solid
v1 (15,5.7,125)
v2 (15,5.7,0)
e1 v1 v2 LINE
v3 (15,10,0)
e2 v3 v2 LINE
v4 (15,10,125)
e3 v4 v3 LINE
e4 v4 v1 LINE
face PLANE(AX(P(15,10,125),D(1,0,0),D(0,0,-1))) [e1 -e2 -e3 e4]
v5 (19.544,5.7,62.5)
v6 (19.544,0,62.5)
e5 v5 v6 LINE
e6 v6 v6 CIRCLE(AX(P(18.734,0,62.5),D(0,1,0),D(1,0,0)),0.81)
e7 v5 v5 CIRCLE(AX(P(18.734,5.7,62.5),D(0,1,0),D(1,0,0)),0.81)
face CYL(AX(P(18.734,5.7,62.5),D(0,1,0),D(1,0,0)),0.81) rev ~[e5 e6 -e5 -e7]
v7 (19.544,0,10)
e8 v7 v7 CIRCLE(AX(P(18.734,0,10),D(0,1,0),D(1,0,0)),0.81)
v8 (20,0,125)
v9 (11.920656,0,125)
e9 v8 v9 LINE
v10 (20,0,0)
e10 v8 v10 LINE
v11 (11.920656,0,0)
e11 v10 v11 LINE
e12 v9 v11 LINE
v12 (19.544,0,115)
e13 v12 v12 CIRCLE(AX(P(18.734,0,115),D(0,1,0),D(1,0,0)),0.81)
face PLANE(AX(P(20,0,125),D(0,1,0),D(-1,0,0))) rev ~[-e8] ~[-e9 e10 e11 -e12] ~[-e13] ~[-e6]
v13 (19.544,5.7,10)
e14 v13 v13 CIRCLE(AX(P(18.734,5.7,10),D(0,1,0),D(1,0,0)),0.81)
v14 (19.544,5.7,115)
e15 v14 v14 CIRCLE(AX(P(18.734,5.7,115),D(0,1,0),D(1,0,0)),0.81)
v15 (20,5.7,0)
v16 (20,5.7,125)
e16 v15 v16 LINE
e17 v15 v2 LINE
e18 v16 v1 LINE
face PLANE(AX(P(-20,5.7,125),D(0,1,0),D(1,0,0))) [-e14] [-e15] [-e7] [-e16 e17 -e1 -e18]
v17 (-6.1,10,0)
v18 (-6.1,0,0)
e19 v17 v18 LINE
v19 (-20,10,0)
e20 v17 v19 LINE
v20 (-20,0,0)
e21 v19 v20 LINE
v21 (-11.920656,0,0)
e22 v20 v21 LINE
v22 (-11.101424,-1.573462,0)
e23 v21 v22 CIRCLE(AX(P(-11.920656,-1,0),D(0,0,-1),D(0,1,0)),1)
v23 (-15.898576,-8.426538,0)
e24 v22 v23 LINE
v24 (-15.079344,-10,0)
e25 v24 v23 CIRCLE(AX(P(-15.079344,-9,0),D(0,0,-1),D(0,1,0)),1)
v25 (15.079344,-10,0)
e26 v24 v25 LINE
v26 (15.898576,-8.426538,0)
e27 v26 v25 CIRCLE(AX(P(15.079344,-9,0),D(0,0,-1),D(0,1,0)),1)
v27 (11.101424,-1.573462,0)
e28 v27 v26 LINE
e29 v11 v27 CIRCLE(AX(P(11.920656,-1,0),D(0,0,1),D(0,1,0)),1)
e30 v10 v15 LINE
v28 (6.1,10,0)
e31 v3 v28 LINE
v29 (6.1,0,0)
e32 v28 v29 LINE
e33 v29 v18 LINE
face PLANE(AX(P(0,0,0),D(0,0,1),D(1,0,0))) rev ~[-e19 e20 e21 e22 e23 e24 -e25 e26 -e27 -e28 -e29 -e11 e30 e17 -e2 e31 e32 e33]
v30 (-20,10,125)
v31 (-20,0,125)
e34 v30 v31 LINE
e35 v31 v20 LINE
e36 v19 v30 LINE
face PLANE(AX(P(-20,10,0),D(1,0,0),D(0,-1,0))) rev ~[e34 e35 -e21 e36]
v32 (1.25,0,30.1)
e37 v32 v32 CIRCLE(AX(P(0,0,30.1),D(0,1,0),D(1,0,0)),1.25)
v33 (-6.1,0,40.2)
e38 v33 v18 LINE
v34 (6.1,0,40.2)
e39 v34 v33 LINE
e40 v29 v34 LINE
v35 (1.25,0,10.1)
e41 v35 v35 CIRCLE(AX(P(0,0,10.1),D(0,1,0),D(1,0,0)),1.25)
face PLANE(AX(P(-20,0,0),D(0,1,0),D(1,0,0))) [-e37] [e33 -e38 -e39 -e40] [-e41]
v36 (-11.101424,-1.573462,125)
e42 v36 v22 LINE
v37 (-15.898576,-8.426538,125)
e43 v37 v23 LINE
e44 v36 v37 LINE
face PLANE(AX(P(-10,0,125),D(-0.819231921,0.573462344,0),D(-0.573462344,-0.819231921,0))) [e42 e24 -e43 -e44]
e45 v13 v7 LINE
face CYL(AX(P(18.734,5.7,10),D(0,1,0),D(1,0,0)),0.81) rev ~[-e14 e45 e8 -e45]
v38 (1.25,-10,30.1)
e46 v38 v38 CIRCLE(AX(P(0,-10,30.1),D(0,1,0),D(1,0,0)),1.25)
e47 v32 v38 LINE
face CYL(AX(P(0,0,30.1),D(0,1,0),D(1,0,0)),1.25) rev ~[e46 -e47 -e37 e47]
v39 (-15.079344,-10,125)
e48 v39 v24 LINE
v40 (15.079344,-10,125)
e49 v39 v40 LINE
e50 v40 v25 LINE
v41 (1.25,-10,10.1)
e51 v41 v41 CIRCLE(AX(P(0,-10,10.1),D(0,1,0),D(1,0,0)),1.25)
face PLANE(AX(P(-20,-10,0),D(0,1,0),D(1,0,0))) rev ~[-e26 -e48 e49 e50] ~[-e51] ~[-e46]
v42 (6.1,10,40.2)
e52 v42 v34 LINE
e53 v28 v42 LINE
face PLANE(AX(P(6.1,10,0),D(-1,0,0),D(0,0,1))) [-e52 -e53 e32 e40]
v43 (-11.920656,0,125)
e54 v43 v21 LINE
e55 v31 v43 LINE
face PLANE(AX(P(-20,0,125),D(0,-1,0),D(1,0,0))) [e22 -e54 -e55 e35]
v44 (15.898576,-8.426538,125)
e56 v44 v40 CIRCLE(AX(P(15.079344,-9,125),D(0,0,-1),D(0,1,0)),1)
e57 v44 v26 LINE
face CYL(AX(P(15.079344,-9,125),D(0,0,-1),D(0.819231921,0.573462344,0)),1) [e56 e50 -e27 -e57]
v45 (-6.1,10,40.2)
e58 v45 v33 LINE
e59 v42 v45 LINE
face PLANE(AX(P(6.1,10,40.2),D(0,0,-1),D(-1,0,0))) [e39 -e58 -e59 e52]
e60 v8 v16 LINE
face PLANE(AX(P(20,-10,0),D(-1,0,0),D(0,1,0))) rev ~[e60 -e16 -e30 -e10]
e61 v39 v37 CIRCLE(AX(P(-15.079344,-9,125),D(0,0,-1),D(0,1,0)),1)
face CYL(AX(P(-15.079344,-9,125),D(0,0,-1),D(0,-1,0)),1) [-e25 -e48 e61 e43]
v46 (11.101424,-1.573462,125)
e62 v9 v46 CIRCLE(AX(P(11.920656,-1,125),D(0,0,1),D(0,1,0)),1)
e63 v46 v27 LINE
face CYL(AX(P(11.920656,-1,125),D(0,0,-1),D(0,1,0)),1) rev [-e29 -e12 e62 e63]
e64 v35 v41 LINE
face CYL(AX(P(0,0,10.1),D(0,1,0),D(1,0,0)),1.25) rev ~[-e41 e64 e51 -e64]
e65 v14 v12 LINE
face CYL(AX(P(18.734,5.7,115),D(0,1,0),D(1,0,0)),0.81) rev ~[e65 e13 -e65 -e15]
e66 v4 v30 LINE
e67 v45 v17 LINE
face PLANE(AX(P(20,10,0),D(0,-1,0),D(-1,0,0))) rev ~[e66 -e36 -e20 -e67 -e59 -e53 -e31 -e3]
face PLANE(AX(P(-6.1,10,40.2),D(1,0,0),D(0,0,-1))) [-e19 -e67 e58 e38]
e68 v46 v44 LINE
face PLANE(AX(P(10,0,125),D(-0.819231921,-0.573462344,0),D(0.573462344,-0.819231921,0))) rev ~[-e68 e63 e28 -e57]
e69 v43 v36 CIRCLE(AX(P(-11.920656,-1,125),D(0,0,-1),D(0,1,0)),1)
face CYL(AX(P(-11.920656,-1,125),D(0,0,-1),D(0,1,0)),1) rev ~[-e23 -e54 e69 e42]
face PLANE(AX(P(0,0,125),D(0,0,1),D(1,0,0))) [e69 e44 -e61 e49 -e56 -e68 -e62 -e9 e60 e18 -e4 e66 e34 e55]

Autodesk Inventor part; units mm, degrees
ref_plane "YZ Plane" through (0, 0, 0) normal (1, 0, 0) x (0, 1, 0)
ref_plane "XZ Plane" through (0, 0, 0) normal (0, 1, 0) x (-1, 0, 0)
ref_plane "XY Plane" through (0, 0, 0) normal (0, 0, 1) x (1, 0, 0)
sketch "Sketch1" plane through (0, 0, 0) normal (0, 0, 1) x (1, 0, 0)
  line L0 (-20, -10) -> (20, -10)
  line L1 (20, -10) -> (20, 10)
  line L2 (20, 10) -> (-20, 10)
  line L3 (-20, 10) -> (-20, -10)
  point P0 (0, 0)
  dimension "d0" = 40
  dimension "d1" = 20
  dimension "d2" = 10
  dimension "d3" = 20
extrude "Extrusion1" add sketch "Sketch1" along normal blind 125
sketch "Sketch2" plane through (-20, 10, 0) normal (0, 1, 0) x (1, 0, 0)
  line L0 (40, 0) -> (0, 0) projected
  line L1 (13.9, 0) -> (26.1, 0)
  line L2 (26.1, 0) -> (26.1, -40.2)
  line L3 (26.1, -40.2) -> (13.9, -40.2)
  line L4 (13.9, -40.2) -> (13.9, 0)
  point P0 (20, 0)
  point P1 (26.1, 0)
  dimension "d6" = 40.2
  dimension "d7" = 12.2
  dimension "d8" = 13.9
extrude "Extrusion2" cut sketch "Sketch2" against normal blind 10
sketch "Sketch3" plane through (-20, 10, 125) normal (0, 1, 0) x (1, 0, 0)
  line L0 (40, 125) -> (40, 0) projected
  line L1 (40, 125) -> (26.1, 125) projected
  line L2 (40, 0) -> (35, 0)
  line L3 (35, 0) -> (35, 125)
  line L4 (35, 125) -> (40, 125)
  line L5 (40, 125) -> (40, 0)
  point P0 (20, 125)
  dimension "d11" = 5
extrude "Extrusion3" cut sketch "Sketch3" against normal blind 4.3
sketch "Sketch4" plane through (-20, 0, 0) normal (0, 1, 0) x (1, 0, 0)
  circle A0 centre (20, -10.1) radius 1.25
  line L0 (13.9, 0) -> (26.1, 0) projected
  line L1 (13.9, -40.2) -> (13.9, 0) projected
  circle A1 centre (20, -30.1) radius 1.25
  point P0 (20, 0)
  dimension "d14" = 2.5
  dimension "d15" = 10.1
  dimension "d16" = 6.1
  dimension "d35" = 20
  dimension "d36" = 6.1
extrude "Extrusion4" cut sketch "Sketch4" against normal through all
sketch "Sketch5" plane through (0, 0, 125) normal (0, 0, 1) x (1, 0, 0)
  line L0 (-20, 10) -> (-20, -10) projected
  line L1 (20, -10) -> (20, 5.7) projected
  line L2 (-20, 0) -> (-10, 0)
  line L3 (-10, 0) -> (-20, -10)
  line L4 (-20, 0) -> (-20, -10)
  line L5 (20, 0) -> (20, -10)
  line L6 (20, 0) -> (10, 0)
  line L7 (10, 0) -> (20, -10)
  line L8 (-20, -10) -> (-17, -10)
  line L9 (-20, -10) -> (20, -10) projected
  line L10 (-10, 0) -> (-17, -10)
  line L11 (10, 0) -> (17, -10)
  line L12 (17, -10) -> (20, -10)
  point P0 (0, 0)
  dimension "d19" = 10
  dimension "d21" = 10
  dimension "d24" = 3
  dimension "d25" = 3
extrude "Extrusion5" cut sketch "Sketch5" against normal through all
fillet "Fillet1" radius 1 4 edges at (17, -10, 62.5) (10, 0, 62.5) (-17, -10, 62.5) (-10, 0, 62.5)
sketch "Sketch6" plane through (-20, 5.7, 125) normal (0, 1, 0) x (1, 0, 0)
  circle A0 centre (38.734, 10) radius 0.81
  circle A1 centre (38.734, 115) radius 0.81
  line L0 (40, 0) -> (35, 0) projected
  line L1 (35, 125) -> (40, 125) projected
  line L2 (35, 0) -> (35, 125) projected
  circle A2 centre (38.734, 62.5) radius 0.81
  point P0 (20, 125)
  dimension "d27" = 1.62
  dimension "d28" = 1.62
  dimension "d29" = 10
  dimension "d30" = 10
  dimension "d31" = 3.734
  dimension "d32" = 3.734
  dimension "d37" = 3.734
  dimension "d38" = 1.62
  dimension "d39" = 52.5
  dimension "d40" = 52.5
extrude "Extrusion6" cut sketch "Sketch6" against normal up to surface (5.7 mm away)
equation "\"d2\" = 0.5 * d1"
equation "\"d3\" = 0.5 * d0"
equation "\"d32\" = d31"
equation "\"d37\" = d31"
equation "\"d38\" = d27"
properties part number "3102_Dovetail Slider_V1" material "Acetal Resin, White"
